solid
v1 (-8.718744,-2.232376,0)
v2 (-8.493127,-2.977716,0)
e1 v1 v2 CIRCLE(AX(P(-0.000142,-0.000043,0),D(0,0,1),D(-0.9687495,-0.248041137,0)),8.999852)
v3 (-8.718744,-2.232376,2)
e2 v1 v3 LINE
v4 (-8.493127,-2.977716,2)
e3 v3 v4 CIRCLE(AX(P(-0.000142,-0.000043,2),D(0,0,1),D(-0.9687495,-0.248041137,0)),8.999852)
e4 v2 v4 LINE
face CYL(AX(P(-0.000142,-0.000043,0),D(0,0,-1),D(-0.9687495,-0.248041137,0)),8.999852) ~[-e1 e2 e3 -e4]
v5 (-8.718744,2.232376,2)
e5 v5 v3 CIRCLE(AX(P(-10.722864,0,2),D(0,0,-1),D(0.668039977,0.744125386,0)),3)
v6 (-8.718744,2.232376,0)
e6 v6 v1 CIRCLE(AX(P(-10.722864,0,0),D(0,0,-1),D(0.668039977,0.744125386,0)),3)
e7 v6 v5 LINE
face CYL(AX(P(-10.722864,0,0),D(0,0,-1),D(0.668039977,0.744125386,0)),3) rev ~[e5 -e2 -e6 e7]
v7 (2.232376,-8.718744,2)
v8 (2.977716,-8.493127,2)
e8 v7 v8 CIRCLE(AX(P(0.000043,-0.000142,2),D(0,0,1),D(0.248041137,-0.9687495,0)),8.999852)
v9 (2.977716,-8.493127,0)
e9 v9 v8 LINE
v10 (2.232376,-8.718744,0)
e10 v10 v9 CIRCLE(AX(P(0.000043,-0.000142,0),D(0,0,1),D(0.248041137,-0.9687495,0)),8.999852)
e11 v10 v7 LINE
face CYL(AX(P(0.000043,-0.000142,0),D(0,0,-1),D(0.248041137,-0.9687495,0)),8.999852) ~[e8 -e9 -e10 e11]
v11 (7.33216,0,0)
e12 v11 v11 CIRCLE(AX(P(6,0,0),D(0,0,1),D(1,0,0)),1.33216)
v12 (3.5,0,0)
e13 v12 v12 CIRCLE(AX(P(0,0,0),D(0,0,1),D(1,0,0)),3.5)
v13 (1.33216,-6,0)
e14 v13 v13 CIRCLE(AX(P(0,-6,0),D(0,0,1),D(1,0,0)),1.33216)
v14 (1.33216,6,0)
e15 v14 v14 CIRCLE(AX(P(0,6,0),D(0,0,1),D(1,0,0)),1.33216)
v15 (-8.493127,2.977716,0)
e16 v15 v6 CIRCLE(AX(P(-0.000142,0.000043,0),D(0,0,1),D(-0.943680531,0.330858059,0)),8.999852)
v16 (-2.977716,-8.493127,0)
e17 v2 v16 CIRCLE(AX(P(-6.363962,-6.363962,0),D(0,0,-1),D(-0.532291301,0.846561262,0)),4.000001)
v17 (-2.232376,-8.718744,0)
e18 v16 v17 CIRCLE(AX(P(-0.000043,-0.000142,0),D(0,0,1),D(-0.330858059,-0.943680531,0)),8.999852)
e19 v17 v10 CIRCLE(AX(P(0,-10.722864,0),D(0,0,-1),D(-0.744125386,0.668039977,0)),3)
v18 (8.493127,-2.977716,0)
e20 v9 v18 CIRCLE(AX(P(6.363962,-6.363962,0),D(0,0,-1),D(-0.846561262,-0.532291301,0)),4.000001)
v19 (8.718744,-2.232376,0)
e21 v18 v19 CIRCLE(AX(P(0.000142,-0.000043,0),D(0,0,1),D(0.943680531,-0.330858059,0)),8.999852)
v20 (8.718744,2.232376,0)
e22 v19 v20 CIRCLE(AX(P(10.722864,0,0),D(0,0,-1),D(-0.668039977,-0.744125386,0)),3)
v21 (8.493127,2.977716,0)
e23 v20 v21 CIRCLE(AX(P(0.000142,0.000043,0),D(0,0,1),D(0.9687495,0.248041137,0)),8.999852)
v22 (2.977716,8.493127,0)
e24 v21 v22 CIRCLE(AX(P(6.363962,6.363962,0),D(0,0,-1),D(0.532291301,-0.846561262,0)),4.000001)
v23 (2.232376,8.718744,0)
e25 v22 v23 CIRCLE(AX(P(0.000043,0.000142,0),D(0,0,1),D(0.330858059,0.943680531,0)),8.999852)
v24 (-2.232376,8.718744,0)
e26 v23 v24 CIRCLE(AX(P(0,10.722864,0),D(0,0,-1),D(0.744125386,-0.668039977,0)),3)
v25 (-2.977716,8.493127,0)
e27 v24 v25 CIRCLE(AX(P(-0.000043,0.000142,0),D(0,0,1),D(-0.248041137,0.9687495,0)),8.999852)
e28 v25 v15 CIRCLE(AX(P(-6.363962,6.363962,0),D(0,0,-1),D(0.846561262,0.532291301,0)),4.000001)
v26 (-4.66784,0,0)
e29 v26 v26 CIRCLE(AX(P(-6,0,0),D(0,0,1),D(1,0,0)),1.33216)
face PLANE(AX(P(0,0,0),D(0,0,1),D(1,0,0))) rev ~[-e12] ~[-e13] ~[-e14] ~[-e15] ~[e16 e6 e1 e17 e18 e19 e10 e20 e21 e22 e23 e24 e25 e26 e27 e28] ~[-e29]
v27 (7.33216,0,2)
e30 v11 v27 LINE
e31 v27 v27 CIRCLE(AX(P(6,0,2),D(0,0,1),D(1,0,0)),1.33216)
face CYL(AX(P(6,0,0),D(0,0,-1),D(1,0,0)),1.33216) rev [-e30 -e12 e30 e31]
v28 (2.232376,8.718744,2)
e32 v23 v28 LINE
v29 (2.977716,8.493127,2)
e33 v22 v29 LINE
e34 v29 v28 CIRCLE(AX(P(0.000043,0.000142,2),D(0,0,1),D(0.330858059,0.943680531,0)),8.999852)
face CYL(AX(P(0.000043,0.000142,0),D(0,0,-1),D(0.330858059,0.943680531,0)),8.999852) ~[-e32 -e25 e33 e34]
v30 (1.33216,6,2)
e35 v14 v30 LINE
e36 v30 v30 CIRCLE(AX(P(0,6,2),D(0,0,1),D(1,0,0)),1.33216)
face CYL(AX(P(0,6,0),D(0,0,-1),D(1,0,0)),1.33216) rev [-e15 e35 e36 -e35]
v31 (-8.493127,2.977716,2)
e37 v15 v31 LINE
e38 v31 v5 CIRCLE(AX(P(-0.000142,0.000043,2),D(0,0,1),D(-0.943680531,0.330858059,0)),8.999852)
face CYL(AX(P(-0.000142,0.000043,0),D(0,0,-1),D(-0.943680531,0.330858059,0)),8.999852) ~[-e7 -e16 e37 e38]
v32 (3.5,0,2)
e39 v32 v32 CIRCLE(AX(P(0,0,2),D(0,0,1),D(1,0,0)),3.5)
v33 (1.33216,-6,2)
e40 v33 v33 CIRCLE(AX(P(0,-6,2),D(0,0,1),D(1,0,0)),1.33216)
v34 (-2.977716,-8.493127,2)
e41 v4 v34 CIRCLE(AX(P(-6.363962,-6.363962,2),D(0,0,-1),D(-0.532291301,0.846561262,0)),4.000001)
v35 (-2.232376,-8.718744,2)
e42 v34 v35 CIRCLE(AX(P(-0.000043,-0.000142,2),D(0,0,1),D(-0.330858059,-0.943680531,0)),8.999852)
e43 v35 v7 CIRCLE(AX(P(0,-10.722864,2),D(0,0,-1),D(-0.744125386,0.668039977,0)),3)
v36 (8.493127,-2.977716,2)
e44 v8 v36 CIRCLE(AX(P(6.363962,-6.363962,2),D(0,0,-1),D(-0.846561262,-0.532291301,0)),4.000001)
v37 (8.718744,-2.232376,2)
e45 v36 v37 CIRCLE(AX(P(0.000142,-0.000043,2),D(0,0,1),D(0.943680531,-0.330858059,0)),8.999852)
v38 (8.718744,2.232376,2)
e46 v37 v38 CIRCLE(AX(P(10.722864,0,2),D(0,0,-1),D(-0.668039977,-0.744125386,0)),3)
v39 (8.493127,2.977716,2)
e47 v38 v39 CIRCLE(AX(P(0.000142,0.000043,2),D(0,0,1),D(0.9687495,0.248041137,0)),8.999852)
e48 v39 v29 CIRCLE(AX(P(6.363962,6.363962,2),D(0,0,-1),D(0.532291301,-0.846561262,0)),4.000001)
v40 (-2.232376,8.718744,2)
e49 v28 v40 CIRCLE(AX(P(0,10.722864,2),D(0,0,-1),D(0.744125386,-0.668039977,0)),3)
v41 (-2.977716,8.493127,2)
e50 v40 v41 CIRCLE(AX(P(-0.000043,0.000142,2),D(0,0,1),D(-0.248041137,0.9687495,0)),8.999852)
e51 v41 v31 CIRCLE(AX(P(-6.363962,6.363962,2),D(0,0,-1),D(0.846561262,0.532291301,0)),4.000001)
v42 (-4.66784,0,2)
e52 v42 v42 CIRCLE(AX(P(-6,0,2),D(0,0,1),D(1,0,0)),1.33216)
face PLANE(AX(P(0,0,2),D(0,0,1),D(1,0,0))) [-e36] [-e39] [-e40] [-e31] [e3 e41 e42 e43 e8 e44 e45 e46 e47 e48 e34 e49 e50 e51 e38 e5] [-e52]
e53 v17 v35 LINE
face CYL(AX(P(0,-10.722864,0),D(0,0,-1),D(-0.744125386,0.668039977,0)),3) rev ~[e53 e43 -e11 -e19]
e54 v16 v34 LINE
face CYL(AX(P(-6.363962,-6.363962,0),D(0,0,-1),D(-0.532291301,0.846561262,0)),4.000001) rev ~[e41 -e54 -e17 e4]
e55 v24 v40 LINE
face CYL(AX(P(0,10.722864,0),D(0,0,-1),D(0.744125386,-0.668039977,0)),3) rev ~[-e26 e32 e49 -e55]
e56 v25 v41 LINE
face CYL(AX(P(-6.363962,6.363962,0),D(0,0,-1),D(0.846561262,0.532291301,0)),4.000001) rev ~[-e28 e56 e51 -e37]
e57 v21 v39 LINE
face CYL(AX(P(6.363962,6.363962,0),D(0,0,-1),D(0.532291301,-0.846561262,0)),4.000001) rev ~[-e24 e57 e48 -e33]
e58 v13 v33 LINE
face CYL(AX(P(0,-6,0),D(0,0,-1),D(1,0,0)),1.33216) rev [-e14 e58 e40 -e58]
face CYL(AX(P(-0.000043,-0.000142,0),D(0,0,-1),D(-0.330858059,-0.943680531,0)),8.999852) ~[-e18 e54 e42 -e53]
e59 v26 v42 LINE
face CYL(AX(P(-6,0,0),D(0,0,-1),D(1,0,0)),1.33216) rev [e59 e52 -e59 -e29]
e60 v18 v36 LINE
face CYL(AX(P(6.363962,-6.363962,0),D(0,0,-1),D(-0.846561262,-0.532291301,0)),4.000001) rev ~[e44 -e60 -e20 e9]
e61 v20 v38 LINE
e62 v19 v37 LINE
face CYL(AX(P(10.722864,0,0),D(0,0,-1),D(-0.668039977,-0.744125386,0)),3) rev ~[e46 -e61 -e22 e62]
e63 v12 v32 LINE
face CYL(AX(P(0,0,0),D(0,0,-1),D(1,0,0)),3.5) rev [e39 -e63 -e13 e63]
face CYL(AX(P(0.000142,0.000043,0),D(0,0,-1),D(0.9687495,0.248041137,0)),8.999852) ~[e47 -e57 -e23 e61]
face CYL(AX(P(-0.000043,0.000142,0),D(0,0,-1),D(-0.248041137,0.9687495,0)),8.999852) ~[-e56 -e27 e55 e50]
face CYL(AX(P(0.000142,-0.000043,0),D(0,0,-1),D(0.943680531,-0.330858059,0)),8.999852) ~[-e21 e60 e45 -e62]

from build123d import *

# Parameters (mm, degrees)
F0_R     = 1.33216
F0_R_2   = 3.5
F1_DEPTH = 2


with BuildPart() as f1:
    # F0 (on Top) → F1 (new body)
    with BuildSketch(Plane.XY):
        with BuildLine():
            ThreePointArc((-8.493127, -2.977716), (-3.535534, -3.535534), (-2.977716, -8.493127))
            ThreePointArc((-2.977716, -8.493127), (-2.607487, -8.614001), (-2.232376, -8.718744))
            ThreePointArc((-2.232376, -8.718744), (0, -7.722864), (2.232376, -8.718744))
            ThreePointArc((2.232376, -8.718744), (2.607487, -8.614001), (2.977716, -8.493127))
            ThreePointArc((2.977716, -8.493127), (3.535534, -3.535534), (8.493127, -2.977716))
            ThreePointArc((8.493127, -2.977716), (8.614001, -2.607487), (8.718744, -2.232376))
            ThreePointArc((8.718744, -2.232376), (7.722864, 0), (8.718744, 2.232376))
            ThreePointArc((8.718744, 2.232376), (8.614001, 2.607487), (8.493127, 2.977716))
            ThreePointArc((8.493127, 2.977716), (3.535534, 3.535534), (2.977716, 8.493127))
            ThreePointArc((2.977716, 8.493127), (2.607487, 8.614001), (2.232376, 8.718744))
            ThreePointArc((2.232376, 8.718744), (0, 7.722864), (-2.232376, 8.718744))
            ThreePointArc((-2.232376, 8.718744), (-2.607487, 8.614001), (-2.977716, 8.493127))
            ThreePointArc((-2.977716, 8.493127), (-3.535534, 3.535534), (-8.493127, 2.977716))
            ThreePointArc((-8.493127, 2.977716), (-8.614001, 2.607487), (-8.718744, 2.232376))
            ThreePointArc((-8.718744, 2.232376), (-7.722864, 0), (-8.718744, -2.232376))
            ThreePointArc((-8.718744, -2.232376), (-8.614001, -2.607487), (-8.493127, -2.977716))
        make_face()
        with Locations((0, -6)):
            Circle(F0_R, mode=Mode.SUBTRACT)
        with Locations((-6, 0)):
            Circle(F0_R, mode=Mode.SUBTRACT)
        Circle(F0_R_2, mode=Mode.SUBTRACT)
        with Locations((0, 6)):
            Circle(F0_R, mode=Mode.SUBTRACT)
        with Locations((6, 0)):
            Circle(F0_R, mode=Mode.SUBTRACT)
    extrude(amount=F1_DEPTH)


solid = f1.part
